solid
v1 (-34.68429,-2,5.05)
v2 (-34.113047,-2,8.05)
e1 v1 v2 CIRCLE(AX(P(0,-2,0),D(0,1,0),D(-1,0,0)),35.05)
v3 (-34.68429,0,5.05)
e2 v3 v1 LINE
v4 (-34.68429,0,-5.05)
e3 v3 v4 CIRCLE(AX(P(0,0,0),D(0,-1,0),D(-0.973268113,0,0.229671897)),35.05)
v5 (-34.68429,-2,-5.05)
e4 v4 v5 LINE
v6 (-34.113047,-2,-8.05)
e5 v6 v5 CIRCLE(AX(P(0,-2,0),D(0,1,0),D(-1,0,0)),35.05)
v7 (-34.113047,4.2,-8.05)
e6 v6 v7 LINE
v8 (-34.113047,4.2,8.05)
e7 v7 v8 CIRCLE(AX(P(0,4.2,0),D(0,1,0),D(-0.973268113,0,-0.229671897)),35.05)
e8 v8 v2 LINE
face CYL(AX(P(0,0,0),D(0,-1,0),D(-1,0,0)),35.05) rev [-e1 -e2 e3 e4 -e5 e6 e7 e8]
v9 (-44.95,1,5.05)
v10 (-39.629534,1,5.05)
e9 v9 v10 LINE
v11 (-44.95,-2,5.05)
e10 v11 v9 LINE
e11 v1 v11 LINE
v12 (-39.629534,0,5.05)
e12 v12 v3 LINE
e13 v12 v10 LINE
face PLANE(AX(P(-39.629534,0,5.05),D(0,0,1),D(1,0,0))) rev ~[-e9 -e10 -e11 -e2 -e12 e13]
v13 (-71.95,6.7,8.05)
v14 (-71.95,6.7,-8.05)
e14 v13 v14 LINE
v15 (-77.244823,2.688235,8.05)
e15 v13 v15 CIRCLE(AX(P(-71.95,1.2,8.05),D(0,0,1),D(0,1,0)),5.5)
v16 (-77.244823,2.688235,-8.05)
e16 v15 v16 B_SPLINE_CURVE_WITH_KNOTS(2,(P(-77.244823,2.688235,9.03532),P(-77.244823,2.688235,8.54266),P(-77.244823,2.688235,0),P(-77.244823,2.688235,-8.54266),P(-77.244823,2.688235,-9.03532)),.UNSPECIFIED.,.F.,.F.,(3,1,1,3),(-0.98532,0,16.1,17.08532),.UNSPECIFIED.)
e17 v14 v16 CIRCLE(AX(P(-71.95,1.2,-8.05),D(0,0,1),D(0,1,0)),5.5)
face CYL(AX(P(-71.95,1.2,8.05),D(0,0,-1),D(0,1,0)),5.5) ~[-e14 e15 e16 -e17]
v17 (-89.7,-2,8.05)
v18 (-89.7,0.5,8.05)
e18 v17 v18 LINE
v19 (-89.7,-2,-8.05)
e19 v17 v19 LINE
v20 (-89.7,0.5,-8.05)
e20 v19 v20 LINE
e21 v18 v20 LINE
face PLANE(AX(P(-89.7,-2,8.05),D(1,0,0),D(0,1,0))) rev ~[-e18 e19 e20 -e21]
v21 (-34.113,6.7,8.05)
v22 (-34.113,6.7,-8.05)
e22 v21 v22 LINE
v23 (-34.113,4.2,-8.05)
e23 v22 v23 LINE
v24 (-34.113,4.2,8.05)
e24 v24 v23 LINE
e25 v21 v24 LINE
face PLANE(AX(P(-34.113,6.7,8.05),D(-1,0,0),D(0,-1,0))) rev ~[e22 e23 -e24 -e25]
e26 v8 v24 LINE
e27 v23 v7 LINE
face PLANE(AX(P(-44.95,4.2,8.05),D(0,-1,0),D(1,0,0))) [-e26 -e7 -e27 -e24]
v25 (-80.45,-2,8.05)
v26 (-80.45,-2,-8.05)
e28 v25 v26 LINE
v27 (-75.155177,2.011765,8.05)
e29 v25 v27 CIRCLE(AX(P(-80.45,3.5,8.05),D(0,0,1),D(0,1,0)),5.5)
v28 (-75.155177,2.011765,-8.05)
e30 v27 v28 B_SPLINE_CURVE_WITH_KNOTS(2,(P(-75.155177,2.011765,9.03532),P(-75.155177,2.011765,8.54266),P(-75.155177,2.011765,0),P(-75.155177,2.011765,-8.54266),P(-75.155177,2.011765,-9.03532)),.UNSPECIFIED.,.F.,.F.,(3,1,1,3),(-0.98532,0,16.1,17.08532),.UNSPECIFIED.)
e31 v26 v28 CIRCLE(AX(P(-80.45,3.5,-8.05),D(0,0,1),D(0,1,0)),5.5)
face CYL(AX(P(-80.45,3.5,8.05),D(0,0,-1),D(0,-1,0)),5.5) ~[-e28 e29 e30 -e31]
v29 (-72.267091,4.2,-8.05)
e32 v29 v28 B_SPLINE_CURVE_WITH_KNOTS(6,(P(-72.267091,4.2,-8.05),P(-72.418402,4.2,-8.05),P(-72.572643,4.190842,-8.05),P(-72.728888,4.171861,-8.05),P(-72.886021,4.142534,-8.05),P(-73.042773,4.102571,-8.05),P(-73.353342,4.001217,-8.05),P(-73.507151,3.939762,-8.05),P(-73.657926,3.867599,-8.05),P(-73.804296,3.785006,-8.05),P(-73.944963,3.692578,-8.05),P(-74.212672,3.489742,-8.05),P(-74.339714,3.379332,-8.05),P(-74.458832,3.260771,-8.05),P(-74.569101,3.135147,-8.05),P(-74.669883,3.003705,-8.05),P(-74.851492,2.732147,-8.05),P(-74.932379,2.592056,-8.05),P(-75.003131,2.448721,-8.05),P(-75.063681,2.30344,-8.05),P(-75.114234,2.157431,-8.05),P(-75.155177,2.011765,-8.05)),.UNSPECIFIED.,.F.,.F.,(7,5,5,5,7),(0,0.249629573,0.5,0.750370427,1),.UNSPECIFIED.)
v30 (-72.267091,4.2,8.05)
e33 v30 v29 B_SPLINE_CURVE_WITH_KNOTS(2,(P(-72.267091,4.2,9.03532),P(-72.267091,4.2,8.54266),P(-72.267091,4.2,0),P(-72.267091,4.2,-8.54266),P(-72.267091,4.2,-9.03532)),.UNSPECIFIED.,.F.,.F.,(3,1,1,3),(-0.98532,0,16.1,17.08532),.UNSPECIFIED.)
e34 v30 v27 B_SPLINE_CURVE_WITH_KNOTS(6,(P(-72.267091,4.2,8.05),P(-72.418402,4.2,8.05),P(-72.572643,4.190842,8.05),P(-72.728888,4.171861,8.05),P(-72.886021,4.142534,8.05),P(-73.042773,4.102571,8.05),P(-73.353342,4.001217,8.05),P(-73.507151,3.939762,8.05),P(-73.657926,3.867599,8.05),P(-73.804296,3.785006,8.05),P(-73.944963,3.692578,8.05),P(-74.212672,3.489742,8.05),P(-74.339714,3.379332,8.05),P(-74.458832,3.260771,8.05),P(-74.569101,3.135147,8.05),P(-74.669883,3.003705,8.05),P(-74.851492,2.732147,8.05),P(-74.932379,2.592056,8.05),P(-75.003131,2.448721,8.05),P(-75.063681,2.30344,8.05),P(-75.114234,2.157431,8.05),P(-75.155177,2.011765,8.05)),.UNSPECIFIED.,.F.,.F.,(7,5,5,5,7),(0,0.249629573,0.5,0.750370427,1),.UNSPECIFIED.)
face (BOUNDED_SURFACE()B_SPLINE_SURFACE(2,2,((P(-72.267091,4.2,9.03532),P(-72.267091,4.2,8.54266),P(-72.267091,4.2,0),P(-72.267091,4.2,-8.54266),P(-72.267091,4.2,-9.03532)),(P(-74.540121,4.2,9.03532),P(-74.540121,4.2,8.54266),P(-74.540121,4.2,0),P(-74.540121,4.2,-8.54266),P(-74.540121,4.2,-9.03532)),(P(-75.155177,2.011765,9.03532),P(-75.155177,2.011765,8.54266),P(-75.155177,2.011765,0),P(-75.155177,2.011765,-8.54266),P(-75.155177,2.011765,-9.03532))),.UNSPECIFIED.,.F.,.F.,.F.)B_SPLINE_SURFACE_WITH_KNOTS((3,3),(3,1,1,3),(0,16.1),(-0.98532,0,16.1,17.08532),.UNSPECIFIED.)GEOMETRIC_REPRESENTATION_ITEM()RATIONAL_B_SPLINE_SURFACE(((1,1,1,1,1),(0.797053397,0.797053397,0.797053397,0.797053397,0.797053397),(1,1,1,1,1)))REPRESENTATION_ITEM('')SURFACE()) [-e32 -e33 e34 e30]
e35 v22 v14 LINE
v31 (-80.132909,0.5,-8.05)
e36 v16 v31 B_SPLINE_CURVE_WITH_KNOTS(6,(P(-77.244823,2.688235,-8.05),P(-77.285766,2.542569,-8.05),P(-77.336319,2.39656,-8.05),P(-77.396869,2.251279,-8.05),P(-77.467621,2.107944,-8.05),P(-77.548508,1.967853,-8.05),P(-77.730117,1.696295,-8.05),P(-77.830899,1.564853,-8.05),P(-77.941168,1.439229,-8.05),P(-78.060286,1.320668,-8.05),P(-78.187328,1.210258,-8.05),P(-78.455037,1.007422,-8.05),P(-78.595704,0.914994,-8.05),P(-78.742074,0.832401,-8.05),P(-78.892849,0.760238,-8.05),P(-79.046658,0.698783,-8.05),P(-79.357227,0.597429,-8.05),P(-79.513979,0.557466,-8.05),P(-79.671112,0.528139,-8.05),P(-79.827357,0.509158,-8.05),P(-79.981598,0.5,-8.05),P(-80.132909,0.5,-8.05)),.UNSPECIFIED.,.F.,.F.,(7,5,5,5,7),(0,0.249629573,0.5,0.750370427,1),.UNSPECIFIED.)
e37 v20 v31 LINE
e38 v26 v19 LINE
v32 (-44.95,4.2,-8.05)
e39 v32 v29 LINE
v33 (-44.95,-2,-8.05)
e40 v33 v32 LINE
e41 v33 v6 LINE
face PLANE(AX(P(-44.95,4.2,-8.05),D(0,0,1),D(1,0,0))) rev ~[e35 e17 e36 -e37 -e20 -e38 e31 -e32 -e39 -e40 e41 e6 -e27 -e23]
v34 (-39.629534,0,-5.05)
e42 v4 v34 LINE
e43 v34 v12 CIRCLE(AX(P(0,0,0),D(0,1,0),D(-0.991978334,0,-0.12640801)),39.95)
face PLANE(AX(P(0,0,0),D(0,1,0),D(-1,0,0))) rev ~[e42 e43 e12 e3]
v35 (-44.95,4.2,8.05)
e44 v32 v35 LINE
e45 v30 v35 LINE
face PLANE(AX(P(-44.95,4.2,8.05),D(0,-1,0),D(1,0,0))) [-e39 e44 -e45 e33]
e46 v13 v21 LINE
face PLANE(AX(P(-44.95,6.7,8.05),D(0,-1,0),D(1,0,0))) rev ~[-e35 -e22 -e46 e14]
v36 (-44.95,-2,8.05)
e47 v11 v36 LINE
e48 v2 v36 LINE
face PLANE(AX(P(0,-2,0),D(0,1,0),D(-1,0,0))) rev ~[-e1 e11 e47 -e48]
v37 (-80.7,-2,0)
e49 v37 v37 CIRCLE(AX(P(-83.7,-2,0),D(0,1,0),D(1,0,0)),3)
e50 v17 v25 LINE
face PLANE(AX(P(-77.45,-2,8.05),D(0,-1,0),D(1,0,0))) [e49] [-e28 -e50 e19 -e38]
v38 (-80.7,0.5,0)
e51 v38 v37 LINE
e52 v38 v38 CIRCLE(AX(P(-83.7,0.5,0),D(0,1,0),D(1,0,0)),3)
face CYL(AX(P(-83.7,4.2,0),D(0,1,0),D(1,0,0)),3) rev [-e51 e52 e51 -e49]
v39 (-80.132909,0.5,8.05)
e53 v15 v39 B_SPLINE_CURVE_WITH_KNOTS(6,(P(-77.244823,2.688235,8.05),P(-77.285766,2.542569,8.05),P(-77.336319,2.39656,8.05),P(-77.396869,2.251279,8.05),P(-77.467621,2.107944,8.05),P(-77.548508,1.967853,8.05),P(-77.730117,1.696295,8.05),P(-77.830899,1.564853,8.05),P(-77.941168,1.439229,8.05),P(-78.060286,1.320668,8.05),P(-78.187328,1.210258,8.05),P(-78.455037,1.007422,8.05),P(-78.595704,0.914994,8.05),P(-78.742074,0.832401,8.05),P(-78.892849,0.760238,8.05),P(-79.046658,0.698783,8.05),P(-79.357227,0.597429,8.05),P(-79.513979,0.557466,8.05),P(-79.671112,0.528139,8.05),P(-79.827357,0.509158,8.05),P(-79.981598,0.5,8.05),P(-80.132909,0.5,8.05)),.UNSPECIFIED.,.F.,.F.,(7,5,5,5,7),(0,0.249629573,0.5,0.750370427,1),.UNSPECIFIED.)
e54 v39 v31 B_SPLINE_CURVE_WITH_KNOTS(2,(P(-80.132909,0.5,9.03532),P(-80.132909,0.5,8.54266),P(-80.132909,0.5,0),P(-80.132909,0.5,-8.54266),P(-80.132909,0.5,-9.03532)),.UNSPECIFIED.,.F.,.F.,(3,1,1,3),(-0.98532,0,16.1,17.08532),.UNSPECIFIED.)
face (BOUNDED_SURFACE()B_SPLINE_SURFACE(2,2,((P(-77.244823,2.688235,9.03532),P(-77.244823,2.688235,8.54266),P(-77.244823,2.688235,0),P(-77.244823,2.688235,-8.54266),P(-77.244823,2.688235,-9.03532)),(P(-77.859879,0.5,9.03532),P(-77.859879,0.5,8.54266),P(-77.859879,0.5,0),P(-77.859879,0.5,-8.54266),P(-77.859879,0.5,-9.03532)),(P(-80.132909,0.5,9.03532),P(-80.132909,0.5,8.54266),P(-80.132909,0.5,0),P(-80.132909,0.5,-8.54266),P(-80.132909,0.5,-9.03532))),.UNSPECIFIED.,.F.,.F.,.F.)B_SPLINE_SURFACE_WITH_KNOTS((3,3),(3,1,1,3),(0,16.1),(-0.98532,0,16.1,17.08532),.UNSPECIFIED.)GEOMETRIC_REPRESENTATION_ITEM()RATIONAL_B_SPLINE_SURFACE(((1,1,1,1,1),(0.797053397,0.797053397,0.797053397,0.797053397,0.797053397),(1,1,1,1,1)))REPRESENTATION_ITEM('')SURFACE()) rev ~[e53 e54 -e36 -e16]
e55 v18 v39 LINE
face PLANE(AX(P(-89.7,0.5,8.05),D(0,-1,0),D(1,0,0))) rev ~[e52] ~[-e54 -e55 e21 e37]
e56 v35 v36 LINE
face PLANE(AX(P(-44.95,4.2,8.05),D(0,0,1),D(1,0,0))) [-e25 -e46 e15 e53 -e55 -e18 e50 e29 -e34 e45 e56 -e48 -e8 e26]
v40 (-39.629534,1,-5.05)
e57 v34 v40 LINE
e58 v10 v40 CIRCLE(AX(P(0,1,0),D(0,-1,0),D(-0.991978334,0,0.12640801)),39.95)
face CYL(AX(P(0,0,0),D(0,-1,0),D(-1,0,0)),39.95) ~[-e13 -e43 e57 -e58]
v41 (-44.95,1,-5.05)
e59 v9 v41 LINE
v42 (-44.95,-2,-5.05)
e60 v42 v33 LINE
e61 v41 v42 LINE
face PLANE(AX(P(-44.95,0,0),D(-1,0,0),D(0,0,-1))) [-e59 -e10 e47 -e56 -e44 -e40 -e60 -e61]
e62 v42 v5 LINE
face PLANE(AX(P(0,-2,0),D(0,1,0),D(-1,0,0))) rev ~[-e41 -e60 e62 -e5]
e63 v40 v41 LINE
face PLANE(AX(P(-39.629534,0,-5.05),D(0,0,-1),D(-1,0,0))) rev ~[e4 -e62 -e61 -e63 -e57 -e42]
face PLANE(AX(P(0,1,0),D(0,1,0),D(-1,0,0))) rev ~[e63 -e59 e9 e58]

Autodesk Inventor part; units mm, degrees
ref_plane "YZ Plane" through (0, 0, 0) normal (1, 0, 0) x (0, 1, 0)
ref_plane "XZ Plane" through (0, 0, 0) normal (0, 1, 0) x (-1, 0, 0)
ref_plane "XY Plane" through (0, 0, 0) normal (0, 0, 1) x (1, 0, 0)
sketch "Sketch1" plane through (0, 0, 0) normal (0, 1, 0) x (-1, 0, 0)
  circle A0 centre (0, 0) radius 39.95
  circle A1 centre (0, 0) radius 35.05
  line L0 (0, 0) -> (0, -5.05)
  line L1 (0, -5.05) -> (60, -5.05)
  line L2 (60, -5.05) -> (60, 5.05)
  line L3 (60, 5.05) -> (0, 5.05)
  line L4 (0, 5.05) -> (0, -5.05)
  line L5 (0, -5.05) -> (60, -5.05)
  line L6 (60, -5.05) -> (60, -8.05)
  line L7 (60, -8.05) -> (0, -8.05)
  line L8 (0, -8.05) -> (0, -5.05)
  line L9 (0, 5.05) -> (60, 5.05)
  line L10 (60, 5.05) -> (60, 8.05)
  line L11 (60, 8.05) -> (0, 8.05)
  line L12 (0, 8.05) -> (0, 5.05)
  line L13 (39.95, 0) -> (44.95, 0)
  line L14 (44.95, 0) -> (44.95, -8.05)
  line L15 (44.95, 0) -> (44.95, 8.05)
  point P0 (34.113, 8.05)
  point P1 (34.113, -8.05)
  point P2 (44.95, -5.05)
  point P3 (34.6843, -5.05)
  point P4 (34.6843, 5.05)
  point P5 (44.95, 5.05)
  point P6 (39.6295, 5.05)
  point P7 (39.6295, -5.05)
  dimension "d0" = 79.9
  dimension "d1" = 70.1
  dimension "d2" = 5.05
  dimension "d3" = 60
  dimension "d4" = 10.1
  dimension "d5" = 60
  dimension "d6" = 3
  dimension "d7" = 60
  dimension "d8" = 3
  dimension "d9" = 5
extrude "Extrusion1" add sketch "Sketch1" along normal blind 4.2 contours A0 L1 A1 L3 | L13 L14 L1 A0 | A0 L3 L15 L13 | L3 A1 L11 A0 | A0 L11 L15 L3 | L1 L14 L7 A0 | A0 L7 A1 L1
extrude "Extrusion2" add sketch "Sketch1" against normal blind 2 contours L3 A1 L11 A0 | A0 L11 L15 L3 | L1 L14 L7 A0 | A0 L7 A1 L1
extrude "Extrusion3" cut sketch "Sketch1" along normal blind 1 contours L13 L14 L1 A0 | A0 L3 L15 L13
sketch "Sketch4" plane through (-44.95, 4.2, 8.05) normal (0, 0, 1) x (1, 0, 0)
  line L0 (0, 0) -> (10.837, 0) projected
  line L1 (10.837, 0) -> (0, 0)
  line L2 (0, 0) -> (0, 2.5)
  line L3 (0, 2.5) -> (10.837, 2.5)
  line L4 (10.837, 2.5) -> (10.837, 0)
  line L5 (0, 2.5) -> (-30, 2.5)
  line L6 (-30, 2.5) -> (-30, 0)
  line L7 (-30, 0) -> (0, 0)
  line L8 (0, 0) -> (0, 2.5)
  line L9 (-30, 2.5) -> (-32.5, 2.5)
  line L10 (-32.5, 2.5) -> (-32.5, -6.2)
  line L11 (-32.5, -6.2) -> (-30, -6.2)
  line L12 (-30, -6.2) -> (-30, 2.5)
  line L13 (-32.5, -6.2) -> (-44.75, -6.2)
  line L14 (-44.75, -6.2) -> (-44.75, -3.7)
  line L15 (-44.75, -3.7) -> (-32.5, -3.7)
  line L16 (-32.5, -3.7) -> (-32.5, -6.2)
  point P0 (44.95, -4.2)
  point P1 (-30, 0)
  point P2 (-32.5, -3.7)
  dimension "d26" = 2.5
  dimension "d27" = 30
  dimension "d28" = 2.5
  dimension "d29" = 8.7
  dimension "d30" = 2.5
  dimension "d31" = 12.25
extrude "Extrusion6" add sketch "Sketch4" against normal up to surface (16.1 mm away)
sketch "Sketch5" plane through (-74.95, 4.2, 8.05) normal (0, -1, 0) x (1, 0, 0)
  line L0 (30, -16.1) -> (30, 0) projected
  line L1 (30, -8.05) -> (-8.75, -8.05)
  circle A0 centre (-8.75, -8.05) radius 3
  point P0 (74.95, -8.05)
  dimension "d34" = 38.75
  dimension "d35" = 6
extrude "Extrusion7" cut sketch "Sketch5" along normal blind 10
fillet "Fillet1" radius 5.5 2 edges at (-77.45, 6.7, 0) (-74.95, -2, 0)
fillet "Fillet2" radius 3 2 edges at (-74.95, 4.2, 0) (-77.45, 0.5, 0)
properties part number "measuring_support1"
